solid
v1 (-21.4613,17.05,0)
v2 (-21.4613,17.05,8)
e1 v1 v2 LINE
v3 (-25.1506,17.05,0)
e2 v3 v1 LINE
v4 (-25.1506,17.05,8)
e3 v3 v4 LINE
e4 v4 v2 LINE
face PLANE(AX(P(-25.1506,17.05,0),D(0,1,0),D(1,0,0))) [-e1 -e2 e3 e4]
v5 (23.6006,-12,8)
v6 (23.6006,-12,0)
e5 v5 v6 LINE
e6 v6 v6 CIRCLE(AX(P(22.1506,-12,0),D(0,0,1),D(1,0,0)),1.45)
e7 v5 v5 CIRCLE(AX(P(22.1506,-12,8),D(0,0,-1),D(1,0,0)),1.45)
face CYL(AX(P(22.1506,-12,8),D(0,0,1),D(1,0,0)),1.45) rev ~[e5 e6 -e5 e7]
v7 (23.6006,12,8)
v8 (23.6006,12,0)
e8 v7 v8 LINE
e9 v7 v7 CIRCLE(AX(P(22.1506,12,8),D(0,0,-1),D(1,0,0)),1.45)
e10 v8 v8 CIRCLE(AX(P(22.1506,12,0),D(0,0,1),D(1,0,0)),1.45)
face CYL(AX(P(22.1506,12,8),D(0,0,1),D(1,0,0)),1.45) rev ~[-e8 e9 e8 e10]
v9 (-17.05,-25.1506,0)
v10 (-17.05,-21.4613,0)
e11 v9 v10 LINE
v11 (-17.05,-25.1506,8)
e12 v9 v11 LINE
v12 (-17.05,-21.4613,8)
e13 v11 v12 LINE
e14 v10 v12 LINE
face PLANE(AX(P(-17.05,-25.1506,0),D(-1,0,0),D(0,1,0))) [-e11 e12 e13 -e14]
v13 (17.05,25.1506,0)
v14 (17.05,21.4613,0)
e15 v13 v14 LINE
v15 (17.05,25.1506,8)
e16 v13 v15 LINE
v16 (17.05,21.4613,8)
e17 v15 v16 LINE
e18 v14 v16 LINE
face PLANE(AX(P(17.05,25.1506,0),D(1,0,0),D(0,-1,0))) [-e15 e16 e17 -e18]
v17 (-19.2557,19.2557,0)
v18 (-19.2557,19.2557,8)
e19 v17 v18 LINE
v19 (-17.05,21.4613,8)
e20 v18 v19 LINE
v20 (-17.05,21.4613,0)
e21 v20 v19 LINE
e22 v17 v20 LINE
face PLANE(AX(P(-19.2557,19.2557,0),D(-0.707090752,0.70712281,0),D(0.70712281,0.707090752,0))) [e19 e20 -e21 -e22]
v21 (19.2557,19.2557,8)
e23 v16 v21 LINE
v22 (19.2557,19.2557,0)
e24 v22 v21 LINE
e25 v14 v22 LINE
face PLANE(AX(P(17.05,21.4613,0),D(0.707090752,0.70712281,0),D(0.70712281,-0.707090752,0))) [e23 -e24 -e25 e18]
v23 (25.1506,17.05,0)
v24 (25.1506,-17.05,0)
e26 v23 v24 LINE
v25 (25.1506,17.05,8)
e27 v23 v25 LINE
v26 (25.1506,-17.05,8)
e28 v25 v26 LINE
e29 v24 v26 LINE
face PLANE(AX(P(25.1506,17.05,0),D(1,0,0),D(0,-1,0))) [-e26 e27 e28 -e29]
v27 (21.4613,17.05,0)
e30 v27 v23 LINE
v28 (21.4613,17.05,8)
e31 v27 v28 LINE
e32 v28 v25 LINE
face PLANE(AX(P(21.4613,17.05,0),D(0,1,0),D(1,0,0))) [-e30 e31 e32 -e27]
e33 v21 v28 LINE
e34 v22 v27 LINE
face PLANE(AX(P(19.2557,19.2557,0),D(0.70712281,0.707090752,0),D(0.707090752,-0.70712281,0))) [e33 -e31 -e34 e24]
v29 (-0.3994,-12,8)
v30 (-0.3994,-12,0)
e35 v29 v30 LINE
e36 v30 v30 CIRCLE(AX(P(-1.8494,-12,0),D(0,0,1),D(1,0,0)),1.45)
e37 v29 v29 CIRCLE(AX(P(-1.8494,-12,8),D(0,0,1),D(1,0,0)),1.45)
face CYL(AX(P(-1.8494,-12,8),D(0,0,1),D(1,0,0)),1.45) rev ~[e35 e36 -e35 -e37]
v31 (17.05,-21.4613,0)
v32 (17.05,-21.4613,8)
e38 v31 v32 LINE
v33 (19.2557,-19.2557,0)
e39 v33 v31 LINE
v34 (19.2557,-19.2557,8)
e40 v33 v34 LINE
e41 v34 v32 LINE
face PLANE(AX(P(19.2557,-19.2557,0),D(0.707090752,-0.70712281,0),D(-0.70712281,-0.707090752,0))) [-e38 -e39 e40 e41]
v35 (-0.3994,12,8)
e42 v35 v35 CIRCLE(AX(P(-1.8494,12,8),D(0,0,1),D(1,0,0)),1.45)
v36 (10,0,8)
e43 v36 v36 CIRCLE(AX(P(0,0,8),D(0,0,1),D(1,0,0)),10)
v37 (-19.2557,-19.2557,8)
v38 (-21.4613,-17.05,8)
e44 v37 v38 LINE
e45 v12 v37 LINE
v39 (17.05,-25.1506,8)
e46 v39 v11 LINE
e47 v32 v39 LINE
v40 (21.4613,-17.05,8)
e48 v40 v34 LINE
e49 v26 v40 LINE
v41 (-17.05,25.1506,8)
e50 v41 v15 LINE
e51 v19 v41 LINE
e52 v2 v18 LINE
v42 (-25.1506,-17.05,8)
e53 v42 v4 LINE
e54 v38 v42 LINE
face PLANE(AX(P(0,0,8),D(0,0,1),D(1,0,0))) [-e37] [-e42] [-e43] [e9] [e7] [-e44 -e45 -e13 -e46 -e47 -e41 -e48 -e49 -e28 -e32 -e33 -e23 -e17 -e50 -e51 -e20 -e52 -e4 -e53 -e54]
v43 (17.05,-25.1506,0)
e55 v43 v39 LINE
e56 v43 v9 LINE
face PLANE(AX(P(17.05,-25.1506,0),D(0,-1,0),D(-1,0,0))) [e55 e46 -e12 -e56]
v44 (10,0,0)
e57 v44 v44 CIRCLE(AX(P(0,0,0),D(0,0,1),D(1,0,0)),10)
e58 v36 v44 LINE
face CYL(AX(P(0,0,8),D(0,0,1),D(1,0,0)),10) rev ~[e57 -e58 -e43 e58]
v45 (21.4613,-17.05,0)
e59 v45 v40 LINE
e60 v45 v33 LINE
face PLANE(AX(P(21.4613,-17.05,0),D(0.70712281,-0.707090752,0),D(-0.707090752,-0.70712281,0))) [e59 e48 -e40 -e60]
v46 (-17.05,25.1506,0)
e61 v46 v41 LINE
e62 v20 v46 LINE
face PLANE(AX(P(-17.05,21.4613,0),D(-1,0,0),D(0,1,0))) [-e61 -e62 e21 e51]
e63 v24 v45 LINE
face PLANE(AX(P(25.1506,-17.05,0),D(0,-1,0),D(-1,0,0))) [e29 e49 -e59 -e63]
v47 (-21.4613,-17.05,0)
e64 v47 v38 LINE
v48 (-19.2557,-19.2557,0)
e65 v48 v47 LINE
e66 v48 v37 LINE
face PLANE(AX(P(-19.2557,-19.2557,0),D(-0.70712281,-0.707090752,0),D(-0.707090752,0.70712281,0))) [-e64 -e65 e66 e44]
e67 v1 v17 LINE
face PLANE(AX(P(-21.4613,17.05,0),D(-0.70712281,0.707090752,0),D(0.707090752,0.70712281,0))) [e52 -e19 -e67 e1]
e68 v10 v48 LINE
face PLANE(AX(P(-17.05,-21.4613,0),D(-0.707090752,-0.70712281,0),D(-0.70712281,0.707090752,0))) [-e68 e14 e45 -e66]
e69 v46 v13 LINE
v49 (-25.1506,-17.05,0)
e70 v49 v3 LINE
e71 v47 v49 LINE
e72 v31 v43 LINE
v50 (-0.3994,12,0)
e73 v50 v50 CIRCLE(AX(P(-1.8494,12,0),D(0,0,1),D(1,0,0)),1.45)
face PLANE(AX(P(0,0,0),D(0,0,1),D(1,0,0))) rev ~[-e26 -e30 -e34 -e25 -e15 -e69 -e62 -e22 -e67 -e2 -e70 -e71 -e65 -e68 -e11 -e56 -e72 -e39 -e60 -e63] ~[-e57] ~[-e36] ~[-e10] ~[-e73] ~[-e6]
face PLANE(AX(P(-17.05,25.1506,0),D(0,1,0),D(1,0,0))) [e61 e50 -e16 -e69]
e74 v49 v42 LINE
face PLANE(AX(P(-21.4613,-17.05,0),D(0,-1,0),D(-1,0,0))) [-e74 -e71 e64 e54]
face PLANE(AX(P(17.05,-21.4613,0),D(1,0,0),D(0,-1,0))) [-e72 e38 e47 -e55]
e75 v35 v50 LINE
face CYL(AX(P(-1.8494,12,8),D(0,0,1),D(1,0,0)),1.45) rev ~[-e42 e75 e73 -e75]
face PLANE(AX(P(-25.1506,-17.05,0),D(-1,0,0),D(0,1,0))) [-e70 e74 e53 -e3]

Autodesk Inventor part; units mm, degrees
ref_plane "YZ Plane" through (0, 0, 0) normal (1, 0, 0) x (0, 1, 0)
ref_plane "XZ Plane" through (0, 0, 0) normal (0, 1, 0) x (-1, 0, 0)
ref_plane "XY Plane" through (0, 0, 0) normal (0, 0, 1) x (1, 0, 0)
sketch "Sketch1" plane through (0, 0, 0) normal (0, 0, 1) x (1, 0, 0)
  line L0 (-35.2109, 0) -> (35.2109, 0) construction
  line L1 (0, -35.2109) -> (0, 35.2109) construction
  line L2 (0, 0) -> (13.4339, 13.4339) construction
  line L3 (0, 0) -> (18.9985, 0) construction
  line L4 (0, 25.1006) -> (17, 25.1006)
  line L5 (17, 25.1006) -> (17, 21.4406)
  line L6 (17, 21.4406) -> (19.2203, 19.2203)
  line L7 (25.1006, 0) -> (25.1006, 17)
  line L8 (25.1006, 17) -> (21.4406, 17)
  line L9 (21.4406, 17) -> (19.2203, 19.2203)
  line L10 (0, 0) -> (-13.4339, 13.4339) construction
  line L11 (0, 0) -> (-18.9985, 0) construction
  line L12 (0, 25.1006) -> (-17, 25.1006)
  line L13 (-17, 25.1006) -> (-17, 21.4406)
  line L14 (-17, 21.4406) -> (-19.2203, 19.2203)
  line L15 (-25.1006, 0) -> (-25.1006, 17)
  line L16 (-25.1006, 17) -> (-21.4406, 17)
  line L17 (-21.4406, 17) -> (-19.2203, 19.2203)
  line L18 (0, 0) -> (13.4339, -13.4339) construction
  line L19 (0, -25.1006) -> (17, -25.1006)
  line L20 (17, -25.1006) -> (17, -21.4406)
  line L21 (17, -21.4406) -> (19.2203, -19.2203)
  line L22 (25.1006, 0) -> (25.1006, -17)
  line L23 (25.1006, -17) -> (21.4406, -17)
  line L24 (21.4406, -17) -> (19.2203, -19.2203)
  line L25 (0, 0) -> (-13.4339, -13.4339) construction
  line L26 (0, -25.1006) -> (-17, -25.1006)
  line L27 (-17, -25.1006) -> (-17, -21.4406)
  line L28 (-17, -21.4406) -> (-19.2203, -19.2203)
  line L29 (-25.1006, 0) -> (-25.1006, -17)
  line L30 (-25.1006, -17) -> (-21.4406, -17)
  line L31 (-21.4406, -17) -> (-19.2203, -19.2203)
  line L32 (-17.05, 25.1506) -> (0, 25.1506)
  line L33 (0, 25.1506) -> (17.05, 25.1506)
  line L34 (17.05, 25.1506) -> (17.05, 21.4613)
  line L35 (17.05, 21.4613) -> (19.2557, 19.2557)
  line L36 (19.2557, 19.2557) -> (21.4613, 17.05)
  line L37 (21.4613, 17.05) -> (25.1506, 17.05)
  line L38 (25.1506, 17.05) -> (25.1506, 0)
  line L39 (25.1506, 0) -> (25.1506, -17.05)
  line L40 (25.1506, -17.05) -> (21.4613, -17.05)
  line L41 (21.4613, -17.05) -> (19.2557, -19.2557)
  line L42 (19.2557, -19.2557) -> (17.05, -21.4613)
  line L43 (17.05, -21.4613) -> (17.05, -25.1506)
  line L44 (17.05, -25.1506) -> (0, -25.1506)
  line L45 (0, -25.1506) -> (-17.05, -25.1506)
  line L46 (-17.05, -25.1506) -> (-17.05, -21.4613)
  line L47 (-17.05, -21.4613) -> (-19.2557, -19.2557)
  line L48 (-19.2557, -19.2557) -> (-21.4613, -17.05)
  line L49 (-21.4613, -17.05) -> (-25.1506, -17.05)
  line L50 (-25.1506, -17.05) -> (-25.1506, 0)
  line L51 (-25.1506, 0) -> (-25.1506, 17.05)
  line L52 (-25.1506, 17.05) -> (-21.4613, 17.05)
  line L53 (-21.4613, 17.05) -> (-19.2557, 19.2557)
  line L54 (-19.2557, 19.2557) -> (-17.05, 21.4613)
  line L55 (-17.05, 21.4613) -> (-17.05, 25.1506)
  dimension "d0" = 45
  dimension "d1" = 3.14
  dimension "d2" = 3.66
  dimension "d3" = 17
  dimension "d23" = 0.05
extrude "Extrusion1" add sketch "Sketch1" along normal blind 8 contours L4 L5 L6 L9 L8 L7 L22 L23 L24 L21 L20 L19 L26 L27 L28 L31 L30 L29 L15 L16 L17 L14 L13 L12 | L32 L33 L34 L35 L36 L37 L38 L39 L40 L41 L42 L43 L44 L45 L46 L47 L48 L49 L50 L51 L52 L53 L54 L55
ref_plane "Work Plane1" through (0, -17.05, 0) normal (1, 0, 0) x (0, 0, -1)
ref_plane "Work Plane2" through (-17.05, 0, 0) normal (0, 1, 0) x (1, 0, 0)
sketch "Sketch4" plane through (0, 0, 8) normal (0, 0, 1) x (1, 0, 0)
  line L0 (-21.4613, 17.05) -> (-25.1506, 17.05) projected
  line L1 (17.05, 25.1506) -> (-17.05, 25.1506) projected
  line L2 (-17.05, 25.1506) -> (-17.05, 21.4613) projected
  line L3 (-17.05, 21.4613) -> (-21.4613, 17.05) projected
  line L4 (-21.4613, 17.05) -> (-25.1506, 17.05) projected
  line L5 (-25.1506, 17.05) -> (-25.1506, -17.05) projected
  line L6 (-25.1506, -17.05) -> (-21.4613, -17.05) projected
  line L7 (-21.4613, -17.05) -> (-17.05, -21.4613) projected
  line L8 (-17.05, -21.4613) -> (-17.05, -25.1506) projected
  line L9 (-17.05, -25.1506) -> (17.05, -25.1506) projected
  line L10 (17.05, -25.1506) -> (17.05, -21.4613) projected
  line L11 (17.05, -21.4613) -> (21.4613, -17.05) projected
  line L12 (21.4613, -17.05) -> (25.1506, -17.05) projected
  line L13 (25.1506, -17.05) -> (25.1506, 17.05) projected
  line L14 (25.1506, 17.05) -> (21.4613, 17.05) projected
  line L15 (21.4613, 17.05) -> (17.05, 21.4613) projected
  line L16 (17.05, 21.4613) -> (17.05, 25.1506) projected
  circle A0 centre (22.1506, 12) radius 1.45 projected
  circle A1 centre (22.1506, -12) radius 1.45 projected
  circle A2 centre (-1.8494, -12) radius 1.45 projected
  circle A3 centre (-1.8494, 12) radius 1.45 projected
  circle A4 centre (0, 0) radius 25.1506
  circle A5 centre (0, 0) radius 10
  point P0 (0, 0)
  dimension "d27" = 20
extrude "Extrusion4" cut sketch "Sketch4" against normal through all contours A4 A0 | A0 A4 | A4 A1 | A1 A4 | A2 | A3 | A5
equation "\"Lens_diameter\" = 25"
properties part number "20_IM_Cube_Insert_Lens_holder_RMS_63x"
